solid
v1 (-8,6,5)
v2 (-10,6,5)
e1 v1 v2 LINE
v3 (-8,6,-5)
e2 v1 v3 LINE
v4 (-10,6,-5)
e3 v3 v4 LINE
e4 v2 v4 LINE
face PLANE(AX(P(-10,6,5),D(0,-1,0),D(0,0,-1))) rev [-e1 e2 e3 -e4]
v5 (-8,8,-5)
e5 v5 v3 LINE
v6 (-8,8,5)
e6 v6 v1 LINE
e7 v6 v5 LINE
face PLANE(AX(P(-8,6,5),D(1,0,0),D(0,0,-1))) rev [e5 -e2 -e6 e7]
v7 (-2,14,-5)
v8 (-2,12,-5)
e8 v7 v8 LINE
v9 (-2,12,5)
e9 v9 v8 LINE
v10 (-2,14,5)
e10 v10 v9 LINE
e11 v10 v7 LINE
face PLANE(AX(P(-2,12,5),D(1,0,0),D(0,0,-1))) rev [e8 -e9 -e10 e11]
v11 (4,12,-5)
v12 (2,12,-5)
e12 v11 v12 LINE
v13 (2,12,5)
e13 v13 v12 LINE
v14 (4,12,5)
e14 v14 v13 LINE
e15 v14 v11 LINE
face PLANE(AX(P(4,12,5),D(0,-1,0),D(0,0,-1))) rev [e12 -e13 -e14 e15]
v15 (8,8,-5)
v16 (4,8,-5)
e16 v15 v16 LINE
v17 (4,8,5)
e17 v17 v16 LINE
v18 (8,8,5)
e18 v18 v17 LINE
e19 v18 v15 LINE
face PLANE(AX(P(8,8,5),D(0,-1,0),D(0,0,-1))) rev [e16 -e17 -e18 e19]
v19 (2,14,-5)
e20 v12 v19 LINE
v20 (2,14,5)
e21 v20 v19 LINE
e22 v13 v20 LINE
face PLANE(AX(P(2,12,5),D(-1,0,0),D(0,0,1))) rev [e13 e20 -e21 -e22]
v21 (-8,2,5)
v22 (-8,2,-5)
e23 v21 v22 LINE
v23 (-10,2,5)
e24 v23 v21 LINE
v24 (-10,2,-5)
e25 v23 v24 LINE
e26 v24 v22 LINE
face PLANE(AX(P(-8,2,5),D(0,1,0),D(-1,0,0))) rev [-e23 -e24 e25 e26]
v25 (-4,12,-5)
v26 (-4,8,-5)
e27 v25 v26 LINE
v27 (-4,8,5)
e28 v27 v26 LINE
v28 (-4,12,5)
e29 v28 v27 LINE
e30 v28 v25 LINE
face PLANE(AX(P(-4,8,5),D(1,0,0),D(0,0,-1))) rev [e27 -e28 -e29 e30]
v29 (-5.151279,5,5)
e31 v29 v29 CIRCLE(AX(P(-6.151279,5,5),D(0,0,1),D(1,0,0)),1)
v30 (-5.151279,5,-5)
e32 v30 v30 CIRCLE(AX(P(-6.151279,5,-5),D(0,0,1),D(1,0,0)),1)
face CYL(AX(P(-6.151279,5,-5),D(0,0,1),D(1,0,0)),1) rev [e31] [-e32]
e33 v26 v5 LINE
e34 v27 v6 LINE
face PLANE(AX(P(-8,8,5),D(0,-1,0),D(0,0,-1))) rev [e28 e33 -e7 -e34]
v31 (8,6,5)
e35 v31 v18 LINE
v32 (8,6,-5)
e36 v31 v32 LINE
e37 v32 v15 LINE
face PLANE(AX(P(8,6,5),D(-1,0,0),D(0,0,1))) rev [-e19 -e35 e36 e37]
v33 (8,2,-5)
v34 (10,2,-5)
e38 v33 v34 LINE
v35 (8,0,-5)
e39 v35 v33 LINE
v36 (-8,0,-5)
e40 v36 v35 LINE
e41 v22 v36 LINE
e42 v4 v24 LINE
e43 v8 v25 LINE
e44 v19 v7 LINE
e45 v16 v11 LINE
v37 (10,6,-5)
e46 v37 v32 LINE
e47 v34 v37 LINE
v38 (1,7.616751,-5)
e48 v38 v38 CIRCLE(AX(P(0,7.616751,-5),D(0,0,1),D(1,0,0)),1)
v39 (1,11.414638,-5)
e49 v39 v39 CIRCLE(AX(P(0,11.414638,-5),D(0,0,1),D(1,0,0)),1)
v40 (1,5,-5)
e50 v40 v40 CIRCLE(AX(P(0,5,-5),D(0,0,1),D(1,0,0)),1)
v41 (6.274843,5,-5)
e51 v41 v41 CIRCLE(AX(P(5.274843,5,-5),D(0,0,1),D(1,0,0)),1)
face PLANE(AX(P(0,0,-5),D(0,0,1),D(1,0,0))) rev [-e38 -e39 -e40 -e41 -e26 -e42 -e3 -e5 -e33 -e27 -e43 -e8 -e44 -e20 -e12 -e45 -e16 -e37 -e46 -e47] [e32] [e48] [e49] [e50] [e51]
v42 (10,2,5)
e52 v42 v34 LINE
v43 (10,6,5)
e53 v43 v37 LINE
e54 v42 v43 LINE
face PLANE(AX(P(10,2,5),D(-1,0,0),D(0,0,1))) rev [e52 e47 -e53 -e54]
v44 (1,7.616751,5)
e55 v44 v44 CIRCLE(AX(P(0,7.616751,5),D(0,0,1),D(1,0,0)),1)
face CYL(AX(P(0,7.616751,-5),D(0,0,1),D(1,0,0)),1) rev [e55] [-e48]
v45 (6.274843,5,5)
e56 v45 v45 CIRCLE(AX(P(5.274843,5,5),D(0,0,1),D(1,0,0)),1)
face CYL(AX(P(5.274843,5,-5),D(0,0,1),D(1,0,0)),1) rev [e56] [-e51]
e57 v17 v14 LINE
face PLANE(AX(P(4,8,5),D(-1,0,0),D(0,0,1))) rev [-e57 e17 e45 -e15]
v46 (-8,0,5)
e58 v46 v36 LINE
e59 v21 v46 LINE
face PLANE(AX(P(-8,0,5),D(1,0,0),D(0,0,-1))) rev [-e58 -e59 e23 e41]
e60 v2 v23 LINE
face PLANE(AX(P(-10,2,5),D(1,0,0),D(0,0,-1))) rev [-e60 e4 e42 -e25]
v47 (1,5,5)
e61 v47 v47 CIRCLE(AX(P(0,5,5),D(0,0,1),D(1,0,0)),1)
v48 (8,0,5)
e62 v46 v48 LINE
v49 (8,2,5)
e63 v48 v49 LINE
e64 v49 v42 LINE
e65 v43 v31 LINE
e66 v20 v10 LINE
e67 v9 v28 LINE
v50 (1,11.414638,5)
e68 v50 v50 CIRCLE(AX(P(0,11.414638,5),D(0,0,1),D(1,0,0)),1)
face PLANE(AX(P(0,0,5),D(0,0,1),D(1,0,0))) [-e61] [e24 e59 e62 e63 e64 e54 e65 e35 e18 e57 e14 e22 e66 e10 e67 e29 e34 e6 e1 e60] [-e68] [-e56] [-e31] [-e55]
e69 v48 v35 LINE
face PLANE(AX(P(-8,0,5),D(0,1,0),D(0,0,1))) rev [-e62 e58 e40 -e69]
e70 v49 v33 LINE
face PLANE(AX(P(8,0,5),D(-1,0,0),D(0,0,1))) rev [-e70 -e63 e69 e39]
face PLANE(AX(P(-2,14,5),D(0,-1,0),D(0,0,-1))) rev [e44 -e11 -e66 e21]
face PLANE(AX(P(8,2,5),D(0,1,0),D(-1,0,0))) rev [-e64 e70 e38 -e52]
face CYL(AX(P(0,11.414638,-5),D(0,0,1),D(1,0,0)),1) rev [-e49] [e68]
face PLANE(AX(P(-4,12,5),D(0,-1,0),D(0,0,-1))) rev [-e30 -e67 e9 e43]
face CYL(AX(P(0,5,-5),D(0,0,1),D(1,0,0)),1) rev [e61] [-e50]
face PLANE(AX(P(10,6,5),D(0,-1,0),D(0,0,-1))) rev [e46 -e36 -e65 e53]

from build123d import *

# Parameters (mm, degrees)
BOSS_EXTRUDE1_DEPTH = 5
SKETCH2_R           = 1
CUT_EXTRUDE1_DEPTH  = 10


with BuildPart() as part:
    # Sketch1 → Boss-Extrude1 (new, symmetric)
    with BuildSketch(Plane.XY):
        Polygon((-8, 0), (-8, 2), (-10, 2), (-10, 6), (-8, 6), (-8, 8), (-4, 8), (-4, 12), (-2, 12), (-2, 14), (2, 14), (2, 12), (4, 12), (4, 8), (8, 8), (8, 6), (10, 6), (10, 2), (8, 2), (8, 0), align=None)
    extrude(amount=BOSS_EXTRUDE1_DEPTH, both=True)

    # Sketch2 → Cut-Extrude1 (cut)
    with BuildSketch(Plane.XY.offset(5)):
        with Locations((0, 5)):
            Circle(SKETCH2_R)
        with Locations((0, 7.616750923)):
            Circle(SKETCH2_R)
        with Locations((0, 11.414638185)):
            Circle(SKETCH2_R)
        with Locations((-6.151278942, 5)):
            Circle(SKETCH2_R)
        with Locations((5.27484342, 5)):
            Circle(SKETCH2_R)
    extrude(amount=-CUT_EXTRUDE1_DEPTH, mode=Mode.SUBTRACT)


solid = part.part
